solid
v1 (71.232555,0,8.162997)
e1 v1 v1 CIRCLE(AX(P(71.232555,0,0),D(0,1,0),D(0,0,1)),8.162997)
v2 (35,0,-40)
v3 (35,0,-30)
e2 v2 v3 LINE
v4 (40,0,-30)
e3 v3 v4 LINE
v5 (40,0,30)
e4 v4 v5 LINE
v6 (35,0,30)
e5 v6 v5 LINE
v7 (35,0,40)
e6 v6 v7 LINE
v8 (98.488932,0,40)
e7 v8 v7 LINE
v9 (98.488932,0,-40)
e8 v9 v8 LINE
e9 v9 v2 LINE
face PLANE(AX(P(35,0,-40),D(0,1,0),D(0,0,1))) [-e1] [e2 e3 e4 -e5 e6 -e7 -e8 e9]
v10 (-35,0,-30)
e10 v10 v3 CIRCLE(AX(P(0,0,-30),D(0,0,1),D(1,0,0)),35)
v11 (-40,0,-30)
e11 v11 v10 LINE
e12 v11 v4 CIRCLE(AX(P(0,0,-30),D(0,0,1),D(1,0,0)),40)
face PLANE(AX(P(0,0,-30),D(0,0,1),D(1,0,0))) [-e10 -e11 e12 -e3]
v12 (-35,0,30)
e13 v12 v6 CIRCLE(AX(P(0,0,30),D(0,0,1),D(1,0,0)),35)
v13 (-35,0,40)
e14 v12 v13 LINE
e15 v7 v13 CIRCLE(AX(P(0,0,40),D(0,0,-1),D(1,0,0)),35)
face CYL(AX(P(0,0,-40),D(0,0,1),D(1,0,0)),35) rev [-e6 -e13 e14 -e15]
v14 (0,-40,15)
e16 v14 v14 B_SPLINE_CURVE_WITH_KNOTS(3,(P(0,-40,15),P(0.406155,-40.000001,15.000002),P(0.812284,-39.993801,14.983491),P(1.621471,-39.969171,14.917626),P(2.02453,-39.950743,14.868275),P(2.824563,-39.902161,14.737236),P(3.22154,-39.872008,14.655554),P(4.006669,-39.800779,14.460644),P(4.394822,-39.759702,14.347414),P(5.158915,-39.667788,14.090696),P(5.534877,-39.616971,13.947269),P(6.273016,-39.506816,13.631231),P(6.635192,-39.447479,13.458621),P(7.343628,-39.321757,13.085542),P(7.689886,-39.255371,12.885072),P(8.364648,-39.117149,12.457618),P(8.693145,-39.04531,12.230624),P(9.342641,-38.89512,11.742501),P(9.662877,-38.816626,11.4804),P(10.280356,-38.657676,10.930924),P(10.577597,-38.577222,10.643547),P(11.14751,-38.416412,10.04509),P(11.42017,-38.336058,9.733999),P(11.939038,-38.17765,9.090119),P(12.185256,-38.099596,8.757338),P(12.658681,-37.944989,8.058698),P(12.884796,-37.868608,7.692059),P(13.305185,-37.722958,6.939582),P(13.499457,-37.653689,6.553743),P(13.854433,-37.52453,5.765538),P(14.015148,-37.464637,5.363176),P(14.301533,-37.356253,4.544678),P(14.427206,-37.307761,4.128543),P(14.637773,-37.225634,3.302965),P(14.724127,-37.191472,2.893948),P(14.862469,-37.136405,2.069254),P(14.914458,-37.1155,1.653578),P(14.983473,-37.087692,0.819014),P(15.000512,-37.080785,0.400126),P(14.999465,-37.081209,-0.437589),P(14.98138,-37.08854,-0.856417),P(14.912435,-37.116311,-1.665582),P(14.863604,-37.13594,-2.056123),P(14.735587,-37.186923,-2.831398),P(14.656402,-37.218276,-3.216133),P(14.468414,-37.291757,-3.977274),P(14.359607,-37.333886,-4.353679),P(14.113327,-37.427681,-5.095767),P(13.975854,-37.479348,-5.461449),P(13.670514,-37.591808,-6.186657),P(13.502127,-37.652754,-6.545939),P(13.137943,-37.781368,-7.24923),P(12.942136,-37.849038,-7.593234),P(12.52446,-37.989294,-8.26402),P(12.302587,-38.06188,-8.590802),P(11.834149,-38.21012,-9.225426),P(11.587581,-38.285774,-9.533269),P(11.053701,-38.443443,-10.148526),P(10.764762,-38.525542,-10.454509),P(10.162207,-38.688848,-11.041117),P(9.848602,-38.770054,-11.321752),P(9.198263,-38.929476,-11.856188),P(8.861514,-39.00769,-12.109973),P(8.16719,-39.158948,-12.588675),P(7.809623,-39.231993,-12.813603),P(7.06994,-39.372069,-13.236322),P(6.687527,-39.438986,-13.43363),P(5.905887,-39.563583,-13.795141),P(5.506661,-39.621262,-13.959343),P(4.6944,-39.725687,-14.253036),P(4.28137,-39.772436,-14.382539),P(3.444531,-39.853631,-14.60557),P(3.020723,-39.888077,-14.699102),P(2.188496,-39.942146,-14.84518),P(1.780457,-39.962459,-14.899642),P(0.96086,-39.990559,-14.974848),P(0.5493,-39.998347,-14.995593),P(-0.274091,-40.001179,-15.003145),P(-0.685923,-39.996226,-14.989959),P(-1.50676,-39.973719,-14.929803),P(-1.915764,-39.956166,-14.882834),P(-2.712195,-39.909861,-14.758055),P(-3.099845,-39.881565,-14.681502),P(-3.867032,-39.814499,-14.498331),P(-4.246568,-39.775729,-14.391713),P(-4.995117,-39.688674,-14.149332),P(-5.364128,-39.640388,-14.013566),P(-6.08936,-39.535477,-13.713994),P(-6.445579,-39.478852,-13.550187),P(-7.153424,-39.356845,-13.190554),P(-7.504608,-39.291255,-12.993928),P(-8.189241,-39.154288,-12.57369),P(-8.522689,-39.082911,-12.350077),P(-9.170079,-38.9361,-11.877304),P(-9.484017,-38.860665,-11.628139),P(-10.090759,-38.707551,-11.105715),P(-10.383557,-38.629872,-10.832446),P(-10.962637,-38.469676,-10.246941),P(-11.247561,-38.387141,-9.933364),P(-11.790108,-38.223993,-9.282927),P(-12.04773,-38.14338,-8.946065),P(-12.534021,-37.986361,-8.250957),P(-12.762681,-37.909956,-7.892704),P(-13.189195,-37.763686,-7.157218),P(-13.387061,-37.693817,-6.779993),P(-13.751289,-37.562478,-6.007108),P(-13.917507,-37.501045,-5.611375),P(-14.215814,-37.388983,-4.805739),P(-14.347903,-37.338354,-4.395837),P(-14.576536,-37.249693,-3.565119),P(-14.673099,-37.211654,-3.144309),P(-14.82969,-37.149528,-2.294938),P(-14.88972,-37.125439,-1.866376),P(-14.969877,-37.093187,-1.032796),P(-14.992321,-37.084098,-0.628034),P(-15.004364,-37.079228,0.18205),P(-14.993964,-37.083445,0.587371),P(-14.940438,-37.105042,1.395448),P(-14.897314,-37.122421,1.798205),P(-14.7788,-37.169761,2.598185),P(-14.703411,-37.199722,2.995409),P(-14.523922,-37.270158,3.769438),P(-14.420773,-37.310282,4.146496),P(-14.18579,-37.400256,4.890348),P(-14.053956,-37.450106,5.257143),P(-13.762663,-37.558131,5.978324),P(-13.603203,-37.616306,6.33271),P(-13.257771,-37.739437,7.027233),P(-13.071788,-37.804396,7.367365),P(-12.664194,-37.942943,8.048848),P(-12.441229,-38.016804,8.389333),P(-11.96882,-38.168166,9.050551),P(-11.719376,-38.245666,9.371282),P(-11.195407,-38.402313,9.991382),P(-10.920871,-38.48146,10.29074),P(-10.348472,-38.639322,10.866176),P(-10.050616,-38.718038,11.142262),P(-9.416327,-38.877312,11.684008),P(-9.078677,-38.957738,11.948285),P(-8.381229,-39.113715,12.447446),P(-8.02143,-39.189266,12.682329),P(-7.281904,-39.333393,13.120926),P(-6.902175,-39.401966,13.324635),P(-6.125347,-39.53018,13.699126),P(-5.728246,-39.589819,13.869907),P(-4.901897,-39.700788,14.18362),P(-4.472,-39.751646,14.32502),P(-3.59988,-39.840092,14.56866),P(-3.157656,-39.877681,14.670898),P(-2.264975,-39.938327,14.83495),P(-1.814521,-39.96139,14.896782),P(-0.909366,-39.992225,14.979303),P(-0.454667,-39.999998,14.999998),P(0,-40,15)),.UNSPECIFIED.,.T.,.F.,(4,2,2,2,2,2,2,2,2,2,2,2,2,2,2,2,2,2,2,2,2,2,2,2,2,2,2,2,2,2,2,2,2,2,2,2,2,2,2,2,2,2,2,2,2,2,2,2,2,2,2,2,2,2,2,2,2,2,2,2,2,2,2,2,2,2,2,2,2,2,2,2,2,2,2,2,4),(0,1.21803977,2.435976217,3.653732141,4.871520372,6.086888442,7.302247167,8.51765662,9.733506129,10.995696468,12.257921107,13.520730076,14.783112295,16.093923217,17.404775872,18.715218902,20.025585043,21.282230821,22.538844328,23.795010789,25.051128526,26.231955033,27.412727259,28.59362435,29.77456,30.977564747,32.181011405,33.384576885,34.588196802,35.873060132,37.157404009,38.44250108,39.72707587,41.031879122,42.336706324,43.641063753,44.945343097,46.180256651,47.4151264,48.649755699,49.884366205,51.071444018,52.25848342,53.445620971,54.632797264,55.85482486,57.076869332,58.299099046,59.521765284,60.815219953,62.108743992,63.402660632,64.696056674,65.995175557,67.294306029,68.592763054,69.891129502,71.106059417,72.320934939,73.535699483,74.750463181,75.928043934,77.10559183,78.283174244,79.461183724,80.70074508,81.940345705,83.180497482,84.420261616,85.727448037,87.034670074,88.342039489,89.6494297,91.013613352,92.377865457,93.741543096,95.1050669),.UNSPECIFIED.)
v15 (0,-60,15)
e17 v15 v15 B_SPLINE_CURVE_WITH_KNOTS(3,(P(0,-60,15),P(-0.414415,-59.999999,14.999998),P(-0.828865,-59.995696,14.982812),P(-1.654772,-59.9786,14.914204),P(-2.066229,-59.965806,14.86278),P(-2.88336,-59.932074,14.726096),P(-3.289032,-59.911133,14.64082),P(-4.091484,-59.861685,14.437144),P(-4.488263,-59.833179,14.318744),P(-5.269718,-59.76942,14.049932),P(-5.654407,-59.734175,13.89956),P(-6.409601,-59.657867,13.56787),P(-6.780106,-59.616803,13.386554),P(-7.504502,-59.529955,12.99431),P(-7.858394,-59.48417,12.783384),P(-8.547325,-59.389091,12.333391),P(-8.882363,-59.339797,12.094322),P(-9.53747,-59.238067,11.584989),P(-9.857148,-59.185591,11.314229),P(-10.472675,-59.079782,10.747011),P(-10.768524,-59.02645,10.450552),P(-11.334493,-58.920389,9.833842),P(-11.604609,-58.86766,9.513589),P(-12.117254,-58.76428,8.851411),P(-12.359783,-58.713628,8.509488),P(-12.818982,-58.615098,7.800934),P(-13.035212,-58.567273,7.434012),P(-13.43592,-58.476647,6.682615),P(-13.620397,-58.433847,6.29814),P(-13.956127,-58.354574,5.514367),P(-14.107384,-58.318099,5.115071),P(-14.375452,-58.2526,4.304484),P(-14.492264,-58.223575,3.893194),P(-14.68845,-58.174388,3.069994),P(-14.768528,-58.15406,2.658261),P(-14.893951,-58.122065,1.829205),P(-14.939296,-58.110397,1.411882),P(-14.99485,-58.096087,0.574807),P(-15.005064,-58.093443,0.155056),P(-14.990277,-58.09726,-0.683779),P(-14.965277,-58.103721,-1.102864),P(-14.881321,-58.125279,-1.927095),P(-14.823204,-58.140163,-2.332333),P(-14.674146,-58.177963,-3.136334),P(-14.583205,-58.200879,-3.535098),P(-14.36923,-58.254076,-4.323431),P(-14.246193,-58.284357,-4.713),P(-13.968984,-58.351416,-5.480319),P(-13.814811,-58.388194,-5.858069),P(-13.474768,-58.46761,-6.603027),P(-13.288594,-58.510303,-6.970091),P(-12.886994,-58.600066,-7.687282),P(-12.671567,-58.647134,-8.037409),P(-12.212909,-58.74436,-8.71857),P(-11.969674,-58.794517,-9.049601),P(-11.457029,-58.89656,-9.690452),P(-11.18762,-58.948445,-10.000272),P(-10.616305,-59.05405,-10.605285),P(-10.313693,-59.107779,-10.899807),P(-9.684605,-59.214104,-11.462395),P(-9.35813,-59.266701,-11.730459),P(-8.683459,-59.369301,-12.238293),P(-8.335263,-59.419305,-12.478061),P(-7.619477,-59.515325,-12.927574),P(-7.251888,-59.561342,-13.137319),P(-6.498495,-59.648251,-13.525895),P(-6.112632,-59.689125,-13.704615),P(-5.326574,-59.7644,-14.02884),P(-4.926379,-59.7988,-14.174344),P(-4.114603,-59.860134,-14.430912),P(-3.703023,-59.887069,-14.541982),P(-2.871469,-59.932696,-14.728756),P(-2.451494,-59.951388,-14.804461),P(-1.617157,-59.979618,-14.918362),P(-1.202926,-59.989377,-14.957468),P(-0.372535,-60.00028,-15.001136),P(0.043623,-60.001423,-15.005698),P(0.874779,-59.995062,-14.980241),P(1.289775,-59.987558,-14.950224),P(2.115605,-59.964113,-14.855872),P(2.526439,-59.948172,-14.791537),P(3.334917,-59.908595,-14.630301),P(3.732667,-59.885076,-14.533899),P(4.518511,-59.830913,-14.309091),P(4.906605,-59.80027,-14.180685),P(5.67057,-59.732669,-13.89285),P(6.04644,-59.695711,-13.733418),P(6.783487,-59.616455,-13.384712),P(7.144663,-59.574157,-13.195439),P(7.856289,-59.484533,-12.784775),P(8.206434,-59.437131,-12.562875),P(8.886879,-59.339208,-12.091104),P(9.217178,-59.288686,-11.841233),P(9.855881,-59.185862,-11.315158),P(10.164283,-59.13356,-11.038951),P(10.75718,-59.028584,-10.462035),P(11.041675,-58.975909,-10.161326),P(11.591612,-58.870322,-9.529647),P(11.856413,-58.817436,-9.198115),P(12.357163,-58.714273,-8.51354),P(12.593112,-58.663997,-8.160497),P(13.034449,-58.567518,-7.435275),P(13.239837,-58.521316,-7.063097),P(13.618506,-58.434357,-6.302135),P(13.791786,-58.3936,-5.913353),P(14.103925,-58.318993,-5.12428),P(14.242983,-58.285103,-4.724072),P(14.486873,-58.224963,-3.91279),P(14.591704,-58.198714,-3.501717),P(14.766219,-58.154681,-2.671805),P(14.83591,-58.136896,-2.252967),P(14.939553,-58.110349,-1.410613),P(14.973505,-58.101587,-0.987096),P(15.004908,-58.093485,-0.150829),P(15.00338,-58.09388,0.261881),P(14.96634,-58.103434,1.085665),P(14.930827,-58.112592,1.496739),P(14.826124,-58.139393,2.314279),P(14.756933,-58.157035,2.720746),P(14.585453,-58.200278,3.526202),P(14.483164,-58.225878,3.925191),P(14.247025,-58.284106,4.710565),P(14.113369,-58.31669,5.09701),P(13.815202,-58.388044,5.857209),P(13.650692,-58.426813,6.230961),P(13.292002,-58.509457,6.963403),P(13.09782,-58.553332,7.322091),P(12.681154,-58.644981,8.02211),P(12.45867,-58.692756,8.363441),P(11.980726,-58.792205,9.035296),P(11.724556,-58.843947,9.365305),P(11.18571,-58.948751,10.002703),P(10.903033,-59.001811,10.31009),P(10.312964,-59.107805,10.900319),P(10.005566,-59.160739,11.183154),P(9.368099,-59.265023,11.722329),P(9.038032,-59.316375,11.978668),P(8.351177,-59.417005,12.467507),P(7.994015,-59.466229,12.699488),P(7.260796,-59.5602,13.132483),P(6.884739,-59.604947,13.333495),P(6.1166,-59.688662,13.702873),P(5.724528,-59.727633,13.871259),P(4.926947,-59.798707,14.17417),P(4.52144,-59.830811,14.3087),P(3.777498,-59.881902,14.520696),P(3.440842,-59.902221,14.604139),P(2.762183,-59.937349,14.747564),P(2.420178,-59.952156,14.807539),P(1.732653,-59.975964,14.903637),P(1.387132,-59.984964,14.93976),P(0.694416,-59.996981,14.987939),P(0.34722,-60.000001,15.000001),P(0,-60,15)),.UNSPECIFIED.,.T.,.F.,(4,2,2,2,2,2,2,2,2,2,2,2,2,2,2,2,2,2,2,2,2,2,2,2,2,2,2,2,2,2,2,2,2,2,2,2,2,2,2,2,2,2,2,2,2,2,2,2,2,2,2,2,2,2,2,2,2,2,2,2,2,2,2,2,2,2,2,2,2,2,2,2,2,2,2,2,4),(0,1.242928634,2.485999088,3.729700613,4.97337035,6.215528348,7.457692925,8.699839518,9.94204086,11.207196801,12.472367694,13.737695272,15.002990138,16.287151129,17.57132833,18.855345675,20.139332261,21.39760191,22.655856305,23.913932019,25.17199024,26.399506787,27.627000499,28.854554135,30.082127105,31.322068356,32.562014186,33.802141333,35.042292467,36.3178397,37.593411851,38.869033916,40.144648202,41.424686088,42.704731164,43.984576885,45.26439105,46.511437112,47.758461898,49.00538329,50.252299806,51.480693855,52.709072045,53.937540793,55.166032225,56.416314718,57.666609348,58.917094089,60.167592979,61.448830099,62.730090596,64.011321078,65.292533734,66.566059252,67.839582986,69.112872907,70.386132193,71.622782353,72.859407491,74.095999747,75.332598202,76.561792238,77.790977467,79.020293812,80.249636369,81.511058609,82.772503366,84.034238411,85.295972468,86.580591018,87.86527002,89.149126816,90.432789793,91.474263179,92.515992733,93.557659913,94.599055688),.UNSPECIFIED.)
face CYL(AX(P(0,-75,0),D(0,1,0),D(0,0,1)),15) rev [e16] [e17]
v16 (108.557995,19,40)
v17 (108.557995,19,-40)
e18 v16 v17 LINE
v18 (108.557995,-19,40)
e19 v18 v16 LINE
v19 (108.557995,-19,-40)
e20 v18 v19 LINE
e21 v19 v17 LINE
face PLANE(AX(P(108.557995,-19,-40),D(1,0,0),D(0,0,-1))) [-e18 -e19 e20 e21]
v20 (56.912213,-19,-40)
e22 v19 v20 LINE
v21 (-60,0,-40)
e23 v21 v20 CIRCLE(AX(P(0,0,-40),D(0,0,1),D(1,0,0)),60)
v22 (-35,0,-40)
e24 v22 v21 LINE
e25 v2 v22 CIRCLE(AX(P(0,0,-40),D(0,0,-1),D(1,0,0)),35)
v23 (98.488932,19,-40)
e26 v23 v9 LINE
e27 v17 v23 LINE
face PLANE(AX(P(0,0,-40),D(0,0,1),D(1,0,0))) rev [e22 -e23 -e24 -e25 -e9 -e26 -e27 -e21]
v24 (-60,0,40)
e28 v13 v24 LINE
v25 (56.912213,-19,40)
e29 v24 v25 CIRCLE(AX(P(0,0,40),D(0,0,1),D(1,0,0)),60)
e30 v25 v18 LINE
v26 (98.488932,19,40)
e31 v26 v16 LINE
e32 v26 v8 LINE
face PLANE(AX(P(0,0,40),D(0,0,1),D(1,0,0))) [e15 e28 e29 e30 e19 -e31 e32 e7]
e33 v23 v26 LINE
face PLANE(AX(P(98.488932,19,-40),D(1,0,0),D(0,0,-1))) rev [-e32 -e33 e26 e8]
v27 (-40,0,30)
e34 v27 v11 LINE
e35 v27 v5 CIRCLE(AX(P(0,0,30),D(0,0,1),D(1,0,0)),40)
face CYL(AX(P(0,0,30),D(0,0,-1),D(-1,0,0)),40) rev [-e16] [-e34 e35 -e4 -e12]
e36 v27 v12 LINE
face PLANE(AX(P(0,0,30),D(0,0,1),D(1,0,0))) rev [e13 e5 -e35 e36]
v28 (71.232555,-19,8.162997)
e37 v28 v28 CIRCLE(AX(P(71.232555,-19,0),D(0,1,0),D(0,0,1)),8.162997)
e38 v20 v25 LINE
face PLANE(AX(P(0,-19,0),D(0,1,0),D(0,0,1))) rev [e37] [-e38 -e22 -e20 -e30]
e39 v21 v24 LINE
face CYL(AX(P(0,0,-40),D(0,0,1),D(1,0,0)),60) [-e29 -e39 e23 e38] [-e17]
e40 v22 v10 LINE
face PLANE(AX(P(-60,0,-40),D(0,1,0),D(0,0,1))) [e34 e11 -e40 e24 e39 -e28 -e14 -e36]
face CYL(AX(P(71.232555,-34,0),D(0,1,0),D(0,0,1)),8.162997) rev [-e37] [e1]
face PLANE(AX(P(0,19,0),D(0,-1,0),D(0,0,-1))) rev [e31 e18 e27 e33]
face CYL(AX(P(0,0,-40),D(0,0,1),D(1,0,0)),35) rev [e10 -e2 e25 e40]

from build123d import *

# Parameters (mm, degrees)
EXTRUDE_1_DEPTH          = 40
EXTRUDE_1_DEPTH_BACK     = 40
CUT_EXTRUDE_1_DEPTH      = 30
CUT_EXTRUDE_1_DEPTH_BACK = 30
SKETCH_2_R               = 40
SKETCH_3_R               = 15
CUT_EXTRUDE_2_DEPTH      = 75
SKETCH_4_W               = 67.943944805
SKETCH_4_H               = 80
EXTRUDE_2_DEPTH          = 19
SKETCH_5_W               = 10.069063792
SKETCH_5_H               = 80
EXTRUDE_3_DEPTH          = 19
SKETCH_6_R               = 8.162997033
CUT_EXTRUDE_3_DEPTH      = 34


with BuildPart() as part:
    # 草图1 → 凸台-拉伸1 (new, two sides: drawn at the far end of the back side and taken through both)
    with BuildSketch(Plane.XY.offset(-EXTRUDE_1_DEPTH_BACK)):
        with BuildLine():
            Line((-60, 0), (-35, 0))
            ThreePointArc((-35, 0), (0, -35), (35, 0))
            Line((35, 0), (60, 0))
            ThreePointArc((60, 0), (0, -60), (-60, 0))
        make_face()
    extrude(amount=EXTRUDE_1_DEPTH + EXTRUDE_1_DEPTH_BACK)

    # 草图2 → 切除-拉伸1 (cut, two sides: drawn at the far end of the back side and taken through both)
    with BuildSketch(Plane.XY.offset(-CUT_EXTRUDE_1_DEPTH_BACK)):
        Circle(SKETCH_2_R)
    extrude(amount=CUT_EXTRUDE_1_DEPTH + CUT_EXTRUDE_1_DEPTH_BACK, mode=Mode.SUBTRACT)

    # 草图3 → 切除-拉伸2 (cut)
    with BuildSketch(Plane(origin=(0, 0, 0), x_dir=(1, 0, 0), z_dir=(0, 1, 0))):
        Circle(SKETCH_3_R)
    extrude(amount=-CUT_EXTRUDE_2_DEPTH, mode=Mode.SUBTRACT)

    # 草图4 → 凸台-拉伸2 (add)
    with BuildSketch(Plane(origin=(0, 0, 0), x_dir=(1, 0, 0), z_dir=(0, 1, 0))):
        with Locations((74.586023034, 0)):
            Rectangle(SKETCH_4_W, SKETCH_4_H)
    extrude(amount=-EXTRUDE_2_DEPTH)

    # 草图5 → 凸台-拉伸3 (add)
    with BuildSketch(Plane(origin=(0, 0, 0), x_dir=(1, 0, 0), z_dir=(0, 1, 0))):
        with Locations((103.52346354, 0)):
            Rectangle(SKETCH_5_W, SKETCH_5_H)
    extrude(amount=EXTRUDE_3_DEPTH)

    # 草图6 → 切除-拉伸3 (cut)
    with BuildSketch(Plane(origin=(0, 0, 0), x_dir=(1, 0, 0), z_dir=(0, 1, 0))):
        with Locations((71.232555132, 0)):
            Circle(SKETCH_6_R)
    extrude(amount=-CUT_EXTRUDE_3_DEPTH, mode=Mode.SUBTRACT)


solid = part.part
